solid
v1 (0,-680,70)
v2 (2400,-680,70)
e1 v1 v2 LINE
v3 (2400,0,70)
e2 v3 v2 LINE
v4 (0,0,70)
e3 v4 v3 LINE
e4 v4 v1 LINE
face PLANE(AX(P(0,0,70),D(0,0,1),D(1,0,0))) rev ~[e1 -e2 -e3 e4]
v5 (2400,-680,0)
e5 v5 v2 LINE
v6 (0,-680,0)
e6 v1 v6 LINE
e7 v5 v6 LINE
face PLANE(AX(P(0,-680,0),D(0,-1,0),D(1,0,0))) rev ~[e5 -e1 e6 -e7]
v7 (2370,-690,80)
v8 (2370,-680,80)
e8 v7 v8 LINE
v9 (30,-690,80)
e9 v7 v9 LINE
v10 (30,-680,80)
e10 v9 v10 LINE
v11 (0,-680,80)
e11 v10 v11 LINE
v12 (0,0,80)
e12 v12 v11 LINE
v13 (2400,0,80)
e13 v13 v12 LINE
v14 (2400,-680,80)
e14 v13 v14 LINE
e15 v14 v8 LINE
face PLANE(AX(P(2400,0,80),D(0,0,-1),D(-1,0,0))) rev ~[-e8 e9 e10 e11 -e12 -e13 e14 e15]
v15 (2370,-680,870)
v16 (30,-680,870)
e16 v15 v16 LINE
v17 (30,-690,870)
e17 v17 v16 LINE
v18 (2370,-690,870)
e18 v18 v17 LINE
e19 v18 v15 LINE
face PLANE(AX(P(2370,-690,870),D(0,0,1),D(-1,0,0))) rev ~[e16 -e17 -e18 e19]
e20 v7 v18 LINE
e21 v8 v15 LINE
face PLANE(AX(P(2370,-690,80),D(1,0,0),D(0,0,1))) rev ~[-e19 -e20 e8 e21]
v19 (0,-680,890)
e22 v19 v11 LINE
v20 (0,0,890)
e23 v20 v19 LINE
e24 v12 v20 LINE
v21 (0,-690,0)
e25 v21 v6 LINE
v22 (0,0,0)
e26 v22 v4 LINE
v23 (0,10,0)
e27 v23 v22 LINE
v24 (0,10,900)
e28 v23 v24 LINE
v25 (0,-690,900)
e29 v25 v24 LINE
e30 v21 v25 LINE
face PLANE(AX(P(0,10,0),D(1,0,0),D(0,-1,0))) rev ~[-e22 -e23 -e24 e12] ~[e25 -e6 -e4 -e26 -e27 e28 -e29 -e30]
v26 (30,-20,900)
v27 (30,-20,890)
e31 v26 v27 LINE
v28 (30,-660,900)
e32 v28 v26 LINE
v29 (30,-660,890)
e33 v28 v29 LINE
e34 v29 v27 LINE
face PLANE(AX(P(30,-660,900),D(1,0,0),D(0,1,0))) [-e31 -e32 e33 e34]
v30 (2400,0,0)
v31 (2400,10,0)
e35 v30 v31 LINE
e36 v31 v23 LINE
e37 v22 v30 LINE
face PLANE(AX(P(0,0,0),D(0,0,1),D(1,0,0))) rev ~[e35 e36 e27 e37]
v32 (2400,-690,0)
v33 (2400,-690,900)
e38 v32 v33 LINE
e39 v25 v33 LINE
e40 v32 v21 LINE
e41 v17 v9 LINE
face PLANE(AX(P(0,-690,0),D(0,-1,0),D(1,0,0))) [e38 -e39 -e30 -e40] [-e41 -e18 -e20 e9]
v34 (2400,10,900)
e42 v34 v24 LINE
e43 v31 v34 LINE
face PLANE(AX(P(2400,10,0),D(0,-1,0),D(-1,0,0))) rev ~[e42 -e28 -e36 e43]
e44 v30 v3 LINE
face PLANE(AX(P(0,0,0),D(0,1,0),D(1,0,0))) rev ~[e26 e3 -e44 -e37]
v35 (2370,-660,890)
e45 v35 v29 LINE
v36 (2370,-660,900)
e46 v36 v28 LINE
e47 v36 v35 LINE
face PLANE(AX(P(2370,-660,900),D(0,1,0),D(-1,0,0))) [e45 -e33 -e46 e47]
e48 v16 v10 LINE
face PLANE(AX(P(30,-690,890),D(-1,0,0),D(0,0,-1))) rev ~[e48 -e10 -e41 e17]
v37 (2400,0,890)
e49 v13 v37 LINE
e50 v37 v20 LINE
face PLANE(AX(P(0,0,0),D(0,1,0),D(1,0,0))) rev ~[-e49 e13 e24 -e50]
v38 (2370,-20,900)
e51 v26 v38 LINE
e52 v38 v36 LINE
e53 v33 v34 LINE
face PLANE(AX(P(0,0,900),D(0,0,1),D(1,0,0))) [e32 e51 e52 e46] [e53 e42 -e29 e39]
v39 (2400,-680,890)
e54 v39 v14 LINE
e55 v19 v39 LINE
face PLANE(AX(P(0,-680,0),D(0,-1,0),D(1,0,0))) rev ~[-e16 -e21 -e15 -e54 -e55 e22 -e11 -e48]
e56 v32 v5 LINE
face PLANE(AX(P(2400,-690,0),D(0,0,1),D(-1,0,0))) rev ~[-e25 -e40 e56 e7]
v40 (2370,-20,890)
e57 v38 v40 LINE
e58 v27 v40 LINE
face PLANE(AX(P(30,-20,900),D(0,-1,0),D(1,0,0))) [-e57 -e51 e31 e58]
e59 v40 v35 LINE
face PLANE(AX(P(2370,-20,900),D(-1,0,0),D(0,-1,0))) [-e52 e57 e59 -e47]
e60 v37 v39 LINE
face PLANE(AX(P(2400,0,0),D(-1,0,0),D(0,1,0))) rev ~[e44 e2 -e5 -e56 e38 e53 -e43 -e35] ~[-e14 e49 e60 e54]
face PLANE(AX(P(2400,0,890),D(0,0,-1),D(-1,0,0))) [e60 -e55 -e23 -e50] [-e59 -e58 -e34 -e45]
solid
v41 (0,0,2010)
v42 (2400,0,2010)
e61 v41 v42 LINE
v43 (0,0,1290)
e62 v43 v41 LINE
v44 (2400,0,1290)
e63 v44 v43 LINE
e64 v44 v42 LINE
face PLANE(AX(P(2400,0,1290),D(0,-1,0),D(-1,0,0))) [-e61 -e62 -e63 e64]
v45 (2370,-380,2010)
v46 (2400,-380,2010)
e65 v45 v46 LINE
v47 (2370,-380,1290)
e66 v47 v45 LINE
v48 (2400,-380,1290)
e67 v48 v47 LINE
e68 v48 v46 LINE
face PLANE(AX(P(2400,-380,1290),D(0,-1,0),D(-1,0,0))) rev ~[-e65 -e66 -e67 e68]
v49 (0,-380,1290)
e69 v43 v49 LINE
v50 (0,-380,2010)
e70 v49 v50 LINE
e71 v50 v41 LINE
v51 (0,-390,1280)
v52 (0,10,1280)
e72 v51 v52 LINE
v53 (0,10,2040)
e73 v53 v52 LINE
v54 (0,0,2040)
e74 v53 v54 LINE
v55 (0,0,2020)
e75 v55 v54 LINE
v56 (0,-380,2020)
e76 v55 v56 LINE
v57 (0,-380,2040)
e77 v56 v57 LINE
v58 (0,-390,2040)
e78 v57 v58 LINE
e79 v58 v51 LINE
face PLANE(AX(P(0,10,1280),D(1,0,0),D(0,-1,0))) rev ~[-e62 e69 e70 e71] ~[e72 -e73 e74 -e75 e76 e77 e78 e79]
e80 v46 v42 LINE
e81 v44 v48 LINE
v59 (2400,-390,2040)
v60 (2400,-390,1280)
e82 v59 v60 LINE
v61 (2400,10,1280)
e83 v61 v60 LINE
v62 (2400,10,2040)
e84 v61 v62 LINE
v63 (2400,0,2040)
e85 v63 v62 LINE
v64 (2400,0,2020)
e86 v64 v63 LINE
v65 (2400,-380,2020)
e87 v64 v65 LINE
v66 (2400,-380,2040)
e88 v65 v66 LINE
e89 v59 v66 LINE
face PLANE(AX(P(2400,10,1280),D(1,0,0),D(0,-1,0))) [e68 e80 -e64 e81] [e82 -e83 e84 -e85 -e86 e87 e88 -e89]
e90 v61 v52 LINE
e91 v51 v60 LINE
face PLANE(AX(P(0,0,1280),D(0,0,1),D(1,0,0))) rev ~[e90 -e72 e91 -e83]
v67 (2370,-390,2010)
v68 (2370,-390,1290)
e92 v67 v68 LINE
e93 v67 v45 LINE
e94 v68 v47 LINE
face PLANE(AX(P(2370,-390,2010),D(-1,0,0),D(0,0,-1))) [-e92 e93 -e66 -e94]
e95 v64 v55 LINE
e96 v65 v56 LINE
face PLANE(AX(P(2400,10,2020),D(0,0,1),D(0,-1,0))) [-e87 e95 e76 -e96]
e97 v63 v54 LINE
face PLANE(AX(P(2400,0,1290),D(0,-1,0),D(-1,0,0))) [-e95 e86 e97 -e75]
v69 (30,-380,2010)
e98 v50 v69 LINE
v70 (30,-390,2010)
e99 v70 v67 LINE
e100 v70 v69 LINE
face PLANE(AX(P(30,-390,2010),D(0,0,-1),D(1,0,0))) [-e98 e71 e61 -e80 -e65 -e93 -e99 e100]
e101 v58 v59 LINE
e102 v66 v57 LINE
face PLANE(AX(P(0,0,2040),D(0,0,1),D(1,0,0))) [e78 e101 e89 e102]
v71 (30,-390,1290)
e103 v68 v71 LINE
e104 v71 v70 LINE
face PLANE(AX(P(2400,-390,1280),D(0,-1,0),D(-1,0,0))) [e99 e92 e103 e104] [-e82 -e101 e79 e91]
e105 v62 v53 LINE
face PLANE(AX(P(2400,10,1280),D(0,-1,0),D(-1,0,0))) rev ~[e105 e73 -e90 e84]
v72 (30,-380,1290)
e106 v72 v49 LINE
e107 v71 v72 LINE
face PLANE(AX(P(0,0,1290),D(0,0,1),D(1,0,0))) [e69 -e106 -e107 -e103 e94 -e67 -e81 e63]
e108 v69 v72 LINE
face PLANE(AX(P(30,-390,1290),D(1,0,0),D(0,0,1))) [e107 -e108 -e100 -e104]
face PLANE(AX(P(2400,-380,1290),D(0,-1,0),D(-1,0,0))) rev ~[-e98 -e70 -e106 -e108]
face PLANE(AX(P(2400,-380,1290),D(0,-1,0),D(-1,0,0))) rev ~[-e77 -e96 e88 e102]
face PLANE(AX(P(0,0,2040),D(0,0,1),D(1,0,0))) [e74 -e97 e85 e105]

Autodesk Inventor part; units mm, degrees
ref_plane "YZ Plane" through (0, 0, 0) normal (1, 0, 0) x (0, 1, 0)
ref_plane "XZ Plane" through (0, 0, 0) normal (0, 1, 0) x (-1, 0, 0)
sketch "Sketch1" plane through (0, 0, 0) normal (0, 0, 1) x (1, 0, 0)
  line L0 (0, 0) -> (2400, 0)
  line L1 (2400, 0) -> (2400, 10)
  line L2 (2400, 10) -> (0, 10)
  line L3 (0, 10) -> (0, 0)
  dimension "ancho" = 2400
  dimension "espesor" = 10
extrude "Extrusion1" add sketch "Sketch1" along normal blind 900
sketch "Sketch2" plane through (0, 0, 0) normal (0, -1, 0) x (1, 0, 0)
  line L0 (0, 0) -> (2400, 0) construction
  line L1 (2400, 0) -> (2400, 900) construction
  line L2 (0, 900) -> (2400, 900) construction
  line L3 (0, 0) -> (0, 900) construction
  line L4 (0, 0) -> (0, 900) projected
  line L5 (0, 70) -> (2400, 70)
  line L6 (2400, 70) -> (2400, 80)
  line L7 (2400, 80) -> (0, 80)
  line L8 (0, 80) -> (0, 70)
  line L9 (0, 900) -> (2400, 900) projected
  line L10 (2400, 0) -> (2400, 900) projected
  line L11 (0, 900) -> (2400, 900)
  line L12 (2400, 900) -> (2400, 890)
  line L13 (2400, 890) -> (0, 890)
  line L14 (0, 890) -> (0, 900)
  dimension "d5" = 10
  dimension "d6" = 10
  dimension "d7" = 80
extrude "Extrusion2" add sketch "Sketch2" along normal blind 690 contours L4 L7 L6 L5 | L4 L9 L10 L13
sketch "Sketch3" plane through (0, 0, 900) normal (0, 0, 1) x (1, 0, 0)
  line L0 (2400, 10) -> (2400, -690) projected
  line L1 (2400, 10) -> (0, 10) projected
  line L2 (0, 10) -> (0, -690) projected
  line L3 (2400, -690) -> (0, -690) projected
  line L4 (30, -660) -> (30, -20)
  line L5 (30, -20) -> (2370, -20)
  line L6 (2370, -20) -> (2370, -660)
  line L7 (2370, -660) -> (30, -660)
  point P0 (0, 0)
  dimension "d10" = 30
extrude "Extrusion3" cut sketch "Sketch3" against normal up to next contours L4 L5 L6 L7
sketch "Sketch4" plane through (0, -690, 0) normal (0, -1, 0) x (1, 0, 0)
  line L0 (0, 70) -> (2400, 70) construction
  line L1 (2400, 70) -> (2400, 80) construction
  line L2 (2400, 80) -> (0, 80) construction
  line L3 (0, 80) -> (0, 70) construction
  line L4 (0, 900) -> (0, 890) construction
  line L5 (0, 890) -> (2400, 890) construction
  line L6 (2400, 890) -> (2400, 900) construction
  line L7 (2400, 900) -> (0, 900) construction
  line L8 (2400, 70) -> (0, 70) construction
  line L9 (0, 0) -> (0, 70) construction
  line L10 (0, 0) -> (2400, 0) construction
  line L11 (2400, 0) -> (2400, 70) construction
  line L12 (0, 900) -> (2400, 900)
  line L13 (2400, 900) -> (2400, 0)
  line L14 (2400, 0) -> (0, 0)
  line L15 (0, 0) -> (0, 900)
  line L16 (2400, 80) -> (0, 80) projected
  line L17 (30, 80) -> (2370, 80)
  line L18 (2370, 80) -> (2370, 890)
  line L19 (2370, 890) -> (30, 890)
  line L20 (30, 890) -> (30, 80)
  dimension "d13" = 30
  dimension "d14" = 30
extrude "Extrusion4" add sketch "Sketch4" against normal blind 10 contours L12 L13 L16 L18 L19 L20 L15 | L16 L13 L14 L15
ref_plane "Work Plane1" through (0, 0, 1280) normal (0, 0, 1) x (1, 0, 0)
sketch "Sketch5" plane through (0, 0, 1280) normal (0, 0, 1) x (1, 0, 0)
  line L0 (2400, 10) -> (0, 10) projected
  line L1 (0, 10) -> (0, -690) projected
  line L2 (2400, 10) -> (2400, -690) projected
  line L3 (2400, -690) -> (0, -690) projected
  line L4 (0, 10) -> (2400, 10)
  line L5 (2400, 10) -> (2400, -390)
  line L6 (2400, -390) -> (0, -390)
  line L7 (0, -390) -> (0, 10)
  line L8 (2370, -660) -> (2370, -20) projected
  line L9 (0, -390) -> (2370, -390)
  line L10 (2370, -390) -> (2370, -380)
  line L11 (2370, -380) -> (0, -380)
  line L12 (0, -380) -> (0, -390)
  point P0 (0, 0)
  dimension "d36" = 2400
  dimension "profundidad2" = 400
  dimension "d39" = 10
extrude "Extrusion5" add sketch "Sketch5" along normal blind 10 contours L2 L6 L8 L11 L1 L0 | L11 L8 L6 L1
sketch "Sketch9" plane through (0, -690, 0) normal (0, -1, 0) x (1, 0, 0)
  line L0 (30, 890) -> (2370, 890) construction
  line L1 (2370, 80) -> (30, 80) construction
  line L2 (0, 900) -> (0, 0) construction
  line L3 (2400, 0) -> (0, 0) construction
  line L4 (2400, 900) -> (2400, 0) construction
  line L5 (2400, 900) -> (0, 900) construction
  line L6 (2400, 70) -> (2400, 0) projected
  line L7 (0, 900) -> (2400, 900)
  line L8 (2400, 900) -> (2400, 870)
  line L9 (2400, 870) -> (0, 870)
  line L10 (0, 870) -> (0, 900)
  line L11 (2370, 890) -> (2370, 80) projected
  line L12 (30, 80) -> (30, 890) projected
  point P0 (2400, 890)
  point P1 (2400, 80)
  dimension "d32" = 30
extrude "Extrusion9" add sketch "Sketch9" against normal blind 10
sketch "Boceto10" plane through (0, 0, 1290) normal (0, 0, 1) x (1, 0, 0)
  line L0 (0, 10) -> (0, -390) projected
  line L1 (0, -390) -> (2400, -390) projected
  line L2 (2400, -390) -> (2400, 10) projected
  line L3 (2400, 10) -> (0, 10) projected
  line L4 (2400, 10) -> (2400, -690) projected
  line L5 (0, -390) -> (2400, -390)
  line L6 (2400, -390) -> (2400, -380)
  line L7 (2400, -380) -> (0, -380)
  line L8 (0, -380) -> (0, -390)
  line L9 (0, 10) -> (2400, 10)
  line L10 (2400, 10) -> (2400, 0)
  line L11 (2400, 0) -> (0, 0)
  line L12 (0, 0) -> (0, 10)
  point P0 (0, 0)
  dimension "d40" = 10
  dimension "d41" = 10
extrude "Extrusión10" add sketch "Boceto10" along normal blind 750 contours L3 L2 L11 L0 | L7 L2 L1 L0
sketch "Boceto11" plane through (0, -390, 1280) normal (0, -1, 0) x (1, 0, 0)
  line L0 (0, 760) -> (2400, 760) projected
  line L1 (2400, 0) -> (2400, 760) projected
  line L2 (0, 760) -> (2400, 760) projected
  line L3 (0, 0) -> (0, 760) projected
  line L4 (30, 730) -> (2370, 730)
  line L5 (2370, 730) -> (2370, 10)
  line L6 (2370, 10) -> (30, 10)
  line L7 (30, 10) -> (30, 730)
  line L8 (0, 0) -> (2400, 0) projected
  point P0 (0, -1280)
  dimension "d44" = 30
  dimension "d45" = 30
  dimension "d46" = 30
extrude "Extrusión11" cut sketch "Boceto11" against normal up to next contours L4 L5 L6 L7
sketch "Sketch13" plane through (2400, -390, 1280) normal (1, 0, 0) x (0, 0, -1)
  line L0 (0, 0) -> (0, 400) construction
  line L1 (0, 400) -> (-760, 400) construction
  line L2 (-10, 390) -> (-760, 390) construction
  line L3 (-10, 10) -> (-760, 10) construction
  line L4 (-760, 0) -> (-760, 10) construction
  line L5 (0, 0) -> (-760, 0) construction
  line L6 (1280, 400) -> (-760, 400) projected
  line L7 (-740, 0) -> (-730, 0)
  line L8 (-730, 0) -> (-730, 400)
  line L9 (-730, 400) -> (-740, 400)
  line L10 (-740, 400) -> (-740, 0)
  line L11 (-760, 390) -> (-760, 400) projected
  line L12 (-10, 10) -> (-10, 390) projected
  point P0 (1280, 390)
  point P1 (1030, 400)
  dimension "d53" = 10
  dimension "d54" = 20
extrude "Extrusion13" add sketch "Sketch13" against normal blind 2400
equation "\"d5\" = espesor"
equation "\"d6\" = espesor"
equation "\"d10\" = 3 * espesor"
equation "\"d13\" = 3 * espesor"
equation "\"d14\" = 3 * espesor"
equation "\"d15\" = espesor"
equation "\"d36\" = ancho"
equation "\"d39\" = espesor"
equation "\"d18\" = espesor"
equation "\"d32\" = 3 * espesor"
equation "\"d33\" = espesor"
equation "\"d40\" = espesor"
equation "\"d41\" = espesor"
equation "\"d44\" = 3 * espesor"
equation "\"d45\" = 3 * espesor"
equation "\"d46\" = 3 * espesor"
equation "\"d53\" = espesor"
equation "\"d54\" = 2 * espesor"
equation "\"d55\" = ancho"
properties part number "esqueleto_mueble"
